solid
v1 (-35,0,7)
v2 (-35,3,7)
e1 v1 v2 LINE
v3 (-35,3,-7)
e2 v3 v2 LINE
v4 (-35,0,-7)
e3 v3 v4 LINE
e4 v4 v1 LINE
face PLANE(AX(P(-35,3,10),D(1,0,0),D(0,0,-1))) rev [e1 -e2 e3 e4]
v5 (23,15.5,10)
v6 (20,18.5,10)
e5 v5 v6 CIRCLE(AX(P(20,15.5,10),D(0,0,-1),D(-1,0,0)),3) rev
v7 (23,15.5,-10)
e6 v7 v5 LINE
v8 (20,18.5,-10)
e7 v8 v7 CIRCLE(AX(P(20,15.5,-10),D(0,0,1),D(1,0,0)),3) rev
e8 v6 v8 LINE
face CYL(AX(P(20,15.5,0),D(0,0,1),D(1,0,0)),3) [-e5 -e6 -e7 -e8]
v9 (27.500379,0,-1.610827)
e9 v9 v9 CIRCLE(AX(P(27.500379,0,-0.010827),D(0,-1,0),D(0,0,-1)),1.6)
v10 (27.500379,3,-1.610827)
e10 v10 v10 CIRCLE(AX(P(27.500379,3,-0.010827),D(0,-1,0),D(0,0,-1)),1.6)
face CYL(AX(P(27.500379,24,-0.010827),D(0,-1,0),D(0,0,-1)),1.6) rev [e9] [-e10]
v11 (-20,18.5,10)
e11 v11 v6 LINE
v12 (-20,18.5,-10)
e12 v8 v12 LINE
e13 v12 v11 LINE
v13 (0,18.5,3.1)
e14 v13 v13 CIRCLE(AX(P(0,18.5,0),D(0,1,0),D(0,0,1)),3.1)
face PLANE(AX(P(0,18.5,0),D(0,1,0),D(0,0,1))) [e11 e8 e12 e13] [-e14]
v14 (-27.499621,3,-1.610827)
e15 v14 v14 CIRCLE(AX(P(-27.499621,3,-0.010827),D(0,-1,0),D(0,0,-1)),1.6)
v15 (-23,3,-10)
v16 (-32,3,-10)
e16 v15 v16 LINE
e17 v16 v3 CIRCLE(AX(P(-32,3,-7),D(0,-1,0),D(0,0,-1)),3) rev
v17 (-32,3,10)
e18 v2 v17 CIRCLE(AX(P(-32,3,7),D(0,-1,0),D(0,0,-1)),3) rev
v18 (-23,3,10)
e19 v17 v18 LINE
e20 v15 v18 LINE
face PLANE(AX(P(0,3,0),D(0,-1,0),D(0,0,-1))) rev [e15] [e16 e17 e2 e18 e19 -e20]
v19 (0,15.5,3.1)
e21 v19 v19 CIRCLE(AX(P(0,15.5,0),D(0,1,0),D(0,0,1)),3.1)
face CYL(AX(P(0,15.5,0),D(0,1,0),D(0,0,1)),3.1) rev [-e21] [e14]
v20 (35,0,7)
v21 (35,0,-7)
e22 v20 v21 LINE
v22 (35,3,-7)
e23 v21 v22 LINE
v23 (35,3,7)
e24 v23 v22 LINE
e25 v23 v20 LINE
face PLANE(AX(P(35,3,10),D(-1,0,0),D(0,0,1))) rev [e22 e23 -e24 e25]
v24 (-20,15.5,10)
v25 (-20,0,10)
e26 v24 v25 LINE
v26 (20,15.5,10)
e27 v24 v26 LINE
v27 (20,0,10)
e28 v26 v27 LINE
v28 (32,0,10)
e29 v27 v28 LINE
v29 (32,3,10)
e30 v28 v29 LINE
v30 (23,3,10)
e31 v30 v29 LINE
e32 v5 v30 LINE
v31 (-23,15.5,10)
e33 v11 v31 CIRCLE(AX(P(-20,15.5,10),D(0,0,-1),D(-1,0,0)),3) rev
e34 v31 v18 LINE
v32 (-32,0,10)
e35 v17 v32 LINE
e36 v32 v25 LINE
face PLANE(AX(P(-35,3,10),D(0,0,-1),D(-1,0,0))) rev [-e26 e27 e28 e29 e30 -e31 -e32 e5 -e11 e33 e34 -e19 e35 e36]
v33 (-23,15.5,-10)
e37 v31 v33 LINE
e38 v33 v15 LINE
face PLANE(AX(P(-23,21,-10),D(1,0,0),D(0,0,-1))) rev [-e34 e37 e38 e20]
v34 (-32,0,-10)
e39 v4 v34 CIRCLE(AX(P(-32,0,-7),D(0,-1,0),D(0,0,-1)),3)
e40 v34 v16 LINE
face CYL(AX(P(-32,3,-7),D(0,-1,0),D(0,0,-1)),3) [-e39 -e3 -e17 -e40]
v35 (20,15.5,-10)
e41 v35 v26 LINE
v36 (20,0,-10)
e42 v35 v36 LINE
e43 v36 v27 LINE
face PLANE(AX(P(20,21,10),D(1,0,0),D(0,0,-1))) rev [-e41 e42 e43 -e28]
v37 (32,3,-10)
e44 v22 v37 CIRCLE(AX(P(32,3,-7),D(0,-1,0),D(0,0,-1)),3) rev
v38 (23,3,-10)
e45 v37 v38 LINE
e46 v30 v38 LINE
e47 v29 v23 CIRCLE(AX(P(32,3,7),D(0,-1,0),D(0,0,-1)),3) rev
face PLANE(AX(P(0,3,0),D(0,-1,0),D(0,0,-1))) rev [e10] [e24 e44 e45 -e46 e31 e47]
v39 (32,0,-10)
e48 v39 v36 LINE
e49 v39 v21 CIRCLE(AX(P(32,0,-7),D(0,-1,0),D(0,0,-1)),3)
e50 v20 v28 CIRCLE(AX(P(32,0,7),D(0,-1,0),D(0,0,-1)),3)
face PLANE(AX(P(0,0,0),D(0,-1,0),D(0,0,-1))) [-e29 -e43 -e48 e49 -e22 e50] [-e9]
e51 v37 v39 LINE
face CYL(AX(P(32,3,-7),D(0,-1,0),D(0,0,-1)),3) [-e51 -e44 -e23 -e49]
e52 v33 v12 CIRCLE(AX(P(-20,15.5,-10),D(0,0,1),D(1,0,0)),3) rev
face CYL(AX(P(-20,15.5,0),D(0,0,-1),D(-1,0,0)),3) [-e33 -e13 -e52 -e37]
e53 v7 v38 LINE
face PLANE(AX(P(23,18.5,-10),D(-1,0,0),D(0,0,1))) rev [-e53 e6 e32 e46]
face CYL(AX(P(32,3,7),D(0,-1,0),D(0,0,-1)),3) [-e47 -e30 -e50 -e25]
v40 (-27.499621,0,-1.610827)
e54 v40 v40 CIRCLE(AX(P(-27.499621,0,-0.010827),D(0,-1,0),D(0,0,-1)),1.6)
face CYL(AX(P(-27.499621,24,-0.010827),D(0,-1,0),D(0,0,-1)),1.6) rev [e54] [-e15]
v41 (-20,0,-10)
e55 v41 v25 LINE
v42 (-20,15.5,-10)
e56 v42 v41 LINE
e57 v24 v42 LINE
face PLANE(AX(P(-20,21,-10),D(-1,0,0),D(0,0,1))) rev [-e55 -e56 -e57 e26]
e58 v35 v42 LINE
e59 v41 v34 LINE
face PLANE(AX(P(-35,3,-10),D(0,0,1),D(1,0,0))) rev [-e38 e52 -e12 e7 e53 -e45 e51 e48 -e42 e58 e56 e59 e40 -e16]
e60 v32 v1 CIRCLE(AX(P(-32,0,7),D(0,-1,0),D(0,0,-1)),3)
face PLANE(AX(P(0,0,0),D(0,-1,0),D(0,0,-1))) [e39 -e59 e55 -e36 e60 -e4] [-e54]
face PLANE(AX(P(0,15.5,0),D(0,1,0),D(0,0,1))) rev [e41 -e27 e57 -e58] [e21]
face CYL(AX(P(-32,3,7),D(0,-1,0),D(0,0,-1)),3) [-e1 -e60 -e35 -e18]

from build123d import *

# Parameters (mm, degrees)
SKETCH1_W           = 70
SKETCH1_H           = 20
BOSS_EXTRUDE2_DEPTH = 3
SKETCH3_W           = 3
SKETCH3_H           = 20
BOSS_EXTRUDE3_DEPTH = 18
SKETCH4_W           = 46
SKETCH4_H           = 20
BOSS_EXTRUDE4_DEPTH = 3
SKETCH5_W           = 40
SKETCH5_H           = 3
CUT_EXTRUDE2_DEPTH  = 47.914816423
SKETCH6_R           = 3.1
CUT_EXTRUDE3_DEPTH  = 43.023802779
FILLET2_R           = 3
SKETCH7_R           = 1.6
CUT_EXTRUDE4_DEPTH  = 44.600458713
CUT_EXTRUDE5_DEPTH  = 26
SKETCH10_W          = 46
SKETCH10_H          = 20
BOSS_EXTRUDE5_DEPTH = 3
SKETCH11_R          = 3.1
CUT_EXTRUDE6_DEPTH  = 3
FILLET3_R           = 3


with BuildPart() as part:
    # Sketch1 → Boss-Extrude2 (new body)
    with BuildSketch(Plane(origin=(0, 0, 0), x_dir=(1, 0, 0), z_dir=(0, 1, 0))):
        Rectangle(SKETCH1_W, SKETCH1_H)
    extrude(amount=BOSS_EXTRUDE2_DEPTH)

    # Sketch3 → Boss-Extrude3 (add)
    with BuildSketch(Plane(origin=(0, 3, 0), x_dir=(1, 0, 0), z_dir=(0, 1, 0))):
        with Locations((21.5, 0)):
            Rectangle(SKETCH3_W, SKETCH3_H)
        with Locations((-21.5, 0)):
            Rectangle(SKETCH3_W, SKETCH3_H)
    extrude(amount=BOSS_EXTRUDE3_DEPTH)

    # Sketch4 → Boss-Extrude4 (add)
    with BuildSketch(Plane(origin=(0, 21, 0), x_dir=(1, 0, 0), z_dir=(0, 1, 0))):
        Rectangle(SKETCH4_W, SKETCH4_H)
    extrude(amount=BOSS_EXTRUDE4_DEPTH)

    # Sketch5 → Cut-Extrude2 (cut, through all)
    with BuildSketch(Plane.XY.offset(10)):
        with Locations((0, 1.5)):
            Rectangle(SKETCH5_W, SKETCH5_H)
    extrude(amount=-CUT_EXTRUDE2_DEPTH, mode=Mode.SUBTRACT)

    # Sketch6 → Cut-Extrude3 (cut, through all)
    with BuildSketch(Plane.XZ.offset(-21)):
        with Locations(Location((0, 0, 0), (0, 0, 270))):
            Circle(SKETCH6_R)
    extrude(amount=-CUT_EXTRUDE3_DEPTH, mode=Mode.SUBTRACT)

    # Fillet2
    fillet2_edges = [part.edges().sort_by_distance(p)[0] for p in [
        (-23, 24, 0),
        (23, 24, 0),
        (35, 1.5, 10),
        (-35, 1.5, 10),
        (-35, 1.5, -10),
        (35, 1.5, -10),
    ]]
    fillet(fillet2_edges, radius=FILLET2_R)

    # Sketch7 → Cut-Extrude4 (cut, through all)
    with BuildSketch(Plane.XZ):
        with Locations(Location((-27.499620905, -0.010826829, 0), (0, 0, 270))):
            Circle(SKETCH7_R)
        with Locations(Location((27.500379095, -0.010826829, 0), (0, 0, 270))):
            Circle(SKETCH7_R)
    extrude(amount=-CUT_EXTRUDE4_DEPTH, mode=Mode.SUBTRACT)

    # Sketch9 → Cut-Extrude5 (cut)
    with BuildSketch(Plane.XY.offset(10)):
        Polygon((0, 15.5), (-23, 15.5), (-23, 32.171258166), (25.72707431, 32.171258166), (25.72707431, 15.5), align=None)
    extrude(amount=-CUT_EXTRUDE5_DEPTH, mode=Mode.SUBTRACT)


with BuildPart() as cut_extrude5_piece_1:
    # of the separate pieces the step leaves, piece 1, a body of its own (cut_extrude5_pieces)
    add(part.part.solids().sort_by_distance((20, 15.5, 10))[0])



with BuildPart() as cut_extrude5_piece_2:
    # of the separate pieces the step leaves, piece 2, a body of its own (cut_extrude5_pieces)
    add(part.part.solids().sort_by_distance((-32, 0, 10))[0])


with BuildPart() as cut_extrude5_piece_1_1:
    add(cut_extrude5_piece_1.part)

    add(cut_extrude5_piece_2.part)  # Boss-Extrude5 merges Cut-Extrude5 piece 2
    # Sketch10 → Boss-Extrude5 (add)
    with BuildSketch(Plane(origin=(0, 15.5, 0), x_dir=(1, 0, 0), z_dir=(0, 1, 0))):
        Rectangle(SKETCH10_W, SKETCH10_H)
    extrude(amount=BOSS_EXTRUDE5_DEPTH)

    # Sketch11 → Cut-Extrude6 (cut)
    with BuildSketch(Plane(origin=(0, 18.5, 0), x_dir=(1, 0, 0), z_dir=(0, 1, 0))):
        with Locations(Location((0, 0, 0), (0, 0, 270))):
            Circle(SKETCH11_R)
    extrude(amount=-CUT_EXTRUDE6_DEPTH, mode=Mode.SUBTRACT)

    # Fillet3
    fillet3_edges = [cut_extrude5_piece_1_1.edges().sort_by_distance(p)[0] for p in [
        (-23, 18.5, 0),
        (23, 18.5, 0),
    ]]
    fillet(fillet3_edges, radius=FILLET3_R)


solid = cut_extrude5_piece_1_1.part
